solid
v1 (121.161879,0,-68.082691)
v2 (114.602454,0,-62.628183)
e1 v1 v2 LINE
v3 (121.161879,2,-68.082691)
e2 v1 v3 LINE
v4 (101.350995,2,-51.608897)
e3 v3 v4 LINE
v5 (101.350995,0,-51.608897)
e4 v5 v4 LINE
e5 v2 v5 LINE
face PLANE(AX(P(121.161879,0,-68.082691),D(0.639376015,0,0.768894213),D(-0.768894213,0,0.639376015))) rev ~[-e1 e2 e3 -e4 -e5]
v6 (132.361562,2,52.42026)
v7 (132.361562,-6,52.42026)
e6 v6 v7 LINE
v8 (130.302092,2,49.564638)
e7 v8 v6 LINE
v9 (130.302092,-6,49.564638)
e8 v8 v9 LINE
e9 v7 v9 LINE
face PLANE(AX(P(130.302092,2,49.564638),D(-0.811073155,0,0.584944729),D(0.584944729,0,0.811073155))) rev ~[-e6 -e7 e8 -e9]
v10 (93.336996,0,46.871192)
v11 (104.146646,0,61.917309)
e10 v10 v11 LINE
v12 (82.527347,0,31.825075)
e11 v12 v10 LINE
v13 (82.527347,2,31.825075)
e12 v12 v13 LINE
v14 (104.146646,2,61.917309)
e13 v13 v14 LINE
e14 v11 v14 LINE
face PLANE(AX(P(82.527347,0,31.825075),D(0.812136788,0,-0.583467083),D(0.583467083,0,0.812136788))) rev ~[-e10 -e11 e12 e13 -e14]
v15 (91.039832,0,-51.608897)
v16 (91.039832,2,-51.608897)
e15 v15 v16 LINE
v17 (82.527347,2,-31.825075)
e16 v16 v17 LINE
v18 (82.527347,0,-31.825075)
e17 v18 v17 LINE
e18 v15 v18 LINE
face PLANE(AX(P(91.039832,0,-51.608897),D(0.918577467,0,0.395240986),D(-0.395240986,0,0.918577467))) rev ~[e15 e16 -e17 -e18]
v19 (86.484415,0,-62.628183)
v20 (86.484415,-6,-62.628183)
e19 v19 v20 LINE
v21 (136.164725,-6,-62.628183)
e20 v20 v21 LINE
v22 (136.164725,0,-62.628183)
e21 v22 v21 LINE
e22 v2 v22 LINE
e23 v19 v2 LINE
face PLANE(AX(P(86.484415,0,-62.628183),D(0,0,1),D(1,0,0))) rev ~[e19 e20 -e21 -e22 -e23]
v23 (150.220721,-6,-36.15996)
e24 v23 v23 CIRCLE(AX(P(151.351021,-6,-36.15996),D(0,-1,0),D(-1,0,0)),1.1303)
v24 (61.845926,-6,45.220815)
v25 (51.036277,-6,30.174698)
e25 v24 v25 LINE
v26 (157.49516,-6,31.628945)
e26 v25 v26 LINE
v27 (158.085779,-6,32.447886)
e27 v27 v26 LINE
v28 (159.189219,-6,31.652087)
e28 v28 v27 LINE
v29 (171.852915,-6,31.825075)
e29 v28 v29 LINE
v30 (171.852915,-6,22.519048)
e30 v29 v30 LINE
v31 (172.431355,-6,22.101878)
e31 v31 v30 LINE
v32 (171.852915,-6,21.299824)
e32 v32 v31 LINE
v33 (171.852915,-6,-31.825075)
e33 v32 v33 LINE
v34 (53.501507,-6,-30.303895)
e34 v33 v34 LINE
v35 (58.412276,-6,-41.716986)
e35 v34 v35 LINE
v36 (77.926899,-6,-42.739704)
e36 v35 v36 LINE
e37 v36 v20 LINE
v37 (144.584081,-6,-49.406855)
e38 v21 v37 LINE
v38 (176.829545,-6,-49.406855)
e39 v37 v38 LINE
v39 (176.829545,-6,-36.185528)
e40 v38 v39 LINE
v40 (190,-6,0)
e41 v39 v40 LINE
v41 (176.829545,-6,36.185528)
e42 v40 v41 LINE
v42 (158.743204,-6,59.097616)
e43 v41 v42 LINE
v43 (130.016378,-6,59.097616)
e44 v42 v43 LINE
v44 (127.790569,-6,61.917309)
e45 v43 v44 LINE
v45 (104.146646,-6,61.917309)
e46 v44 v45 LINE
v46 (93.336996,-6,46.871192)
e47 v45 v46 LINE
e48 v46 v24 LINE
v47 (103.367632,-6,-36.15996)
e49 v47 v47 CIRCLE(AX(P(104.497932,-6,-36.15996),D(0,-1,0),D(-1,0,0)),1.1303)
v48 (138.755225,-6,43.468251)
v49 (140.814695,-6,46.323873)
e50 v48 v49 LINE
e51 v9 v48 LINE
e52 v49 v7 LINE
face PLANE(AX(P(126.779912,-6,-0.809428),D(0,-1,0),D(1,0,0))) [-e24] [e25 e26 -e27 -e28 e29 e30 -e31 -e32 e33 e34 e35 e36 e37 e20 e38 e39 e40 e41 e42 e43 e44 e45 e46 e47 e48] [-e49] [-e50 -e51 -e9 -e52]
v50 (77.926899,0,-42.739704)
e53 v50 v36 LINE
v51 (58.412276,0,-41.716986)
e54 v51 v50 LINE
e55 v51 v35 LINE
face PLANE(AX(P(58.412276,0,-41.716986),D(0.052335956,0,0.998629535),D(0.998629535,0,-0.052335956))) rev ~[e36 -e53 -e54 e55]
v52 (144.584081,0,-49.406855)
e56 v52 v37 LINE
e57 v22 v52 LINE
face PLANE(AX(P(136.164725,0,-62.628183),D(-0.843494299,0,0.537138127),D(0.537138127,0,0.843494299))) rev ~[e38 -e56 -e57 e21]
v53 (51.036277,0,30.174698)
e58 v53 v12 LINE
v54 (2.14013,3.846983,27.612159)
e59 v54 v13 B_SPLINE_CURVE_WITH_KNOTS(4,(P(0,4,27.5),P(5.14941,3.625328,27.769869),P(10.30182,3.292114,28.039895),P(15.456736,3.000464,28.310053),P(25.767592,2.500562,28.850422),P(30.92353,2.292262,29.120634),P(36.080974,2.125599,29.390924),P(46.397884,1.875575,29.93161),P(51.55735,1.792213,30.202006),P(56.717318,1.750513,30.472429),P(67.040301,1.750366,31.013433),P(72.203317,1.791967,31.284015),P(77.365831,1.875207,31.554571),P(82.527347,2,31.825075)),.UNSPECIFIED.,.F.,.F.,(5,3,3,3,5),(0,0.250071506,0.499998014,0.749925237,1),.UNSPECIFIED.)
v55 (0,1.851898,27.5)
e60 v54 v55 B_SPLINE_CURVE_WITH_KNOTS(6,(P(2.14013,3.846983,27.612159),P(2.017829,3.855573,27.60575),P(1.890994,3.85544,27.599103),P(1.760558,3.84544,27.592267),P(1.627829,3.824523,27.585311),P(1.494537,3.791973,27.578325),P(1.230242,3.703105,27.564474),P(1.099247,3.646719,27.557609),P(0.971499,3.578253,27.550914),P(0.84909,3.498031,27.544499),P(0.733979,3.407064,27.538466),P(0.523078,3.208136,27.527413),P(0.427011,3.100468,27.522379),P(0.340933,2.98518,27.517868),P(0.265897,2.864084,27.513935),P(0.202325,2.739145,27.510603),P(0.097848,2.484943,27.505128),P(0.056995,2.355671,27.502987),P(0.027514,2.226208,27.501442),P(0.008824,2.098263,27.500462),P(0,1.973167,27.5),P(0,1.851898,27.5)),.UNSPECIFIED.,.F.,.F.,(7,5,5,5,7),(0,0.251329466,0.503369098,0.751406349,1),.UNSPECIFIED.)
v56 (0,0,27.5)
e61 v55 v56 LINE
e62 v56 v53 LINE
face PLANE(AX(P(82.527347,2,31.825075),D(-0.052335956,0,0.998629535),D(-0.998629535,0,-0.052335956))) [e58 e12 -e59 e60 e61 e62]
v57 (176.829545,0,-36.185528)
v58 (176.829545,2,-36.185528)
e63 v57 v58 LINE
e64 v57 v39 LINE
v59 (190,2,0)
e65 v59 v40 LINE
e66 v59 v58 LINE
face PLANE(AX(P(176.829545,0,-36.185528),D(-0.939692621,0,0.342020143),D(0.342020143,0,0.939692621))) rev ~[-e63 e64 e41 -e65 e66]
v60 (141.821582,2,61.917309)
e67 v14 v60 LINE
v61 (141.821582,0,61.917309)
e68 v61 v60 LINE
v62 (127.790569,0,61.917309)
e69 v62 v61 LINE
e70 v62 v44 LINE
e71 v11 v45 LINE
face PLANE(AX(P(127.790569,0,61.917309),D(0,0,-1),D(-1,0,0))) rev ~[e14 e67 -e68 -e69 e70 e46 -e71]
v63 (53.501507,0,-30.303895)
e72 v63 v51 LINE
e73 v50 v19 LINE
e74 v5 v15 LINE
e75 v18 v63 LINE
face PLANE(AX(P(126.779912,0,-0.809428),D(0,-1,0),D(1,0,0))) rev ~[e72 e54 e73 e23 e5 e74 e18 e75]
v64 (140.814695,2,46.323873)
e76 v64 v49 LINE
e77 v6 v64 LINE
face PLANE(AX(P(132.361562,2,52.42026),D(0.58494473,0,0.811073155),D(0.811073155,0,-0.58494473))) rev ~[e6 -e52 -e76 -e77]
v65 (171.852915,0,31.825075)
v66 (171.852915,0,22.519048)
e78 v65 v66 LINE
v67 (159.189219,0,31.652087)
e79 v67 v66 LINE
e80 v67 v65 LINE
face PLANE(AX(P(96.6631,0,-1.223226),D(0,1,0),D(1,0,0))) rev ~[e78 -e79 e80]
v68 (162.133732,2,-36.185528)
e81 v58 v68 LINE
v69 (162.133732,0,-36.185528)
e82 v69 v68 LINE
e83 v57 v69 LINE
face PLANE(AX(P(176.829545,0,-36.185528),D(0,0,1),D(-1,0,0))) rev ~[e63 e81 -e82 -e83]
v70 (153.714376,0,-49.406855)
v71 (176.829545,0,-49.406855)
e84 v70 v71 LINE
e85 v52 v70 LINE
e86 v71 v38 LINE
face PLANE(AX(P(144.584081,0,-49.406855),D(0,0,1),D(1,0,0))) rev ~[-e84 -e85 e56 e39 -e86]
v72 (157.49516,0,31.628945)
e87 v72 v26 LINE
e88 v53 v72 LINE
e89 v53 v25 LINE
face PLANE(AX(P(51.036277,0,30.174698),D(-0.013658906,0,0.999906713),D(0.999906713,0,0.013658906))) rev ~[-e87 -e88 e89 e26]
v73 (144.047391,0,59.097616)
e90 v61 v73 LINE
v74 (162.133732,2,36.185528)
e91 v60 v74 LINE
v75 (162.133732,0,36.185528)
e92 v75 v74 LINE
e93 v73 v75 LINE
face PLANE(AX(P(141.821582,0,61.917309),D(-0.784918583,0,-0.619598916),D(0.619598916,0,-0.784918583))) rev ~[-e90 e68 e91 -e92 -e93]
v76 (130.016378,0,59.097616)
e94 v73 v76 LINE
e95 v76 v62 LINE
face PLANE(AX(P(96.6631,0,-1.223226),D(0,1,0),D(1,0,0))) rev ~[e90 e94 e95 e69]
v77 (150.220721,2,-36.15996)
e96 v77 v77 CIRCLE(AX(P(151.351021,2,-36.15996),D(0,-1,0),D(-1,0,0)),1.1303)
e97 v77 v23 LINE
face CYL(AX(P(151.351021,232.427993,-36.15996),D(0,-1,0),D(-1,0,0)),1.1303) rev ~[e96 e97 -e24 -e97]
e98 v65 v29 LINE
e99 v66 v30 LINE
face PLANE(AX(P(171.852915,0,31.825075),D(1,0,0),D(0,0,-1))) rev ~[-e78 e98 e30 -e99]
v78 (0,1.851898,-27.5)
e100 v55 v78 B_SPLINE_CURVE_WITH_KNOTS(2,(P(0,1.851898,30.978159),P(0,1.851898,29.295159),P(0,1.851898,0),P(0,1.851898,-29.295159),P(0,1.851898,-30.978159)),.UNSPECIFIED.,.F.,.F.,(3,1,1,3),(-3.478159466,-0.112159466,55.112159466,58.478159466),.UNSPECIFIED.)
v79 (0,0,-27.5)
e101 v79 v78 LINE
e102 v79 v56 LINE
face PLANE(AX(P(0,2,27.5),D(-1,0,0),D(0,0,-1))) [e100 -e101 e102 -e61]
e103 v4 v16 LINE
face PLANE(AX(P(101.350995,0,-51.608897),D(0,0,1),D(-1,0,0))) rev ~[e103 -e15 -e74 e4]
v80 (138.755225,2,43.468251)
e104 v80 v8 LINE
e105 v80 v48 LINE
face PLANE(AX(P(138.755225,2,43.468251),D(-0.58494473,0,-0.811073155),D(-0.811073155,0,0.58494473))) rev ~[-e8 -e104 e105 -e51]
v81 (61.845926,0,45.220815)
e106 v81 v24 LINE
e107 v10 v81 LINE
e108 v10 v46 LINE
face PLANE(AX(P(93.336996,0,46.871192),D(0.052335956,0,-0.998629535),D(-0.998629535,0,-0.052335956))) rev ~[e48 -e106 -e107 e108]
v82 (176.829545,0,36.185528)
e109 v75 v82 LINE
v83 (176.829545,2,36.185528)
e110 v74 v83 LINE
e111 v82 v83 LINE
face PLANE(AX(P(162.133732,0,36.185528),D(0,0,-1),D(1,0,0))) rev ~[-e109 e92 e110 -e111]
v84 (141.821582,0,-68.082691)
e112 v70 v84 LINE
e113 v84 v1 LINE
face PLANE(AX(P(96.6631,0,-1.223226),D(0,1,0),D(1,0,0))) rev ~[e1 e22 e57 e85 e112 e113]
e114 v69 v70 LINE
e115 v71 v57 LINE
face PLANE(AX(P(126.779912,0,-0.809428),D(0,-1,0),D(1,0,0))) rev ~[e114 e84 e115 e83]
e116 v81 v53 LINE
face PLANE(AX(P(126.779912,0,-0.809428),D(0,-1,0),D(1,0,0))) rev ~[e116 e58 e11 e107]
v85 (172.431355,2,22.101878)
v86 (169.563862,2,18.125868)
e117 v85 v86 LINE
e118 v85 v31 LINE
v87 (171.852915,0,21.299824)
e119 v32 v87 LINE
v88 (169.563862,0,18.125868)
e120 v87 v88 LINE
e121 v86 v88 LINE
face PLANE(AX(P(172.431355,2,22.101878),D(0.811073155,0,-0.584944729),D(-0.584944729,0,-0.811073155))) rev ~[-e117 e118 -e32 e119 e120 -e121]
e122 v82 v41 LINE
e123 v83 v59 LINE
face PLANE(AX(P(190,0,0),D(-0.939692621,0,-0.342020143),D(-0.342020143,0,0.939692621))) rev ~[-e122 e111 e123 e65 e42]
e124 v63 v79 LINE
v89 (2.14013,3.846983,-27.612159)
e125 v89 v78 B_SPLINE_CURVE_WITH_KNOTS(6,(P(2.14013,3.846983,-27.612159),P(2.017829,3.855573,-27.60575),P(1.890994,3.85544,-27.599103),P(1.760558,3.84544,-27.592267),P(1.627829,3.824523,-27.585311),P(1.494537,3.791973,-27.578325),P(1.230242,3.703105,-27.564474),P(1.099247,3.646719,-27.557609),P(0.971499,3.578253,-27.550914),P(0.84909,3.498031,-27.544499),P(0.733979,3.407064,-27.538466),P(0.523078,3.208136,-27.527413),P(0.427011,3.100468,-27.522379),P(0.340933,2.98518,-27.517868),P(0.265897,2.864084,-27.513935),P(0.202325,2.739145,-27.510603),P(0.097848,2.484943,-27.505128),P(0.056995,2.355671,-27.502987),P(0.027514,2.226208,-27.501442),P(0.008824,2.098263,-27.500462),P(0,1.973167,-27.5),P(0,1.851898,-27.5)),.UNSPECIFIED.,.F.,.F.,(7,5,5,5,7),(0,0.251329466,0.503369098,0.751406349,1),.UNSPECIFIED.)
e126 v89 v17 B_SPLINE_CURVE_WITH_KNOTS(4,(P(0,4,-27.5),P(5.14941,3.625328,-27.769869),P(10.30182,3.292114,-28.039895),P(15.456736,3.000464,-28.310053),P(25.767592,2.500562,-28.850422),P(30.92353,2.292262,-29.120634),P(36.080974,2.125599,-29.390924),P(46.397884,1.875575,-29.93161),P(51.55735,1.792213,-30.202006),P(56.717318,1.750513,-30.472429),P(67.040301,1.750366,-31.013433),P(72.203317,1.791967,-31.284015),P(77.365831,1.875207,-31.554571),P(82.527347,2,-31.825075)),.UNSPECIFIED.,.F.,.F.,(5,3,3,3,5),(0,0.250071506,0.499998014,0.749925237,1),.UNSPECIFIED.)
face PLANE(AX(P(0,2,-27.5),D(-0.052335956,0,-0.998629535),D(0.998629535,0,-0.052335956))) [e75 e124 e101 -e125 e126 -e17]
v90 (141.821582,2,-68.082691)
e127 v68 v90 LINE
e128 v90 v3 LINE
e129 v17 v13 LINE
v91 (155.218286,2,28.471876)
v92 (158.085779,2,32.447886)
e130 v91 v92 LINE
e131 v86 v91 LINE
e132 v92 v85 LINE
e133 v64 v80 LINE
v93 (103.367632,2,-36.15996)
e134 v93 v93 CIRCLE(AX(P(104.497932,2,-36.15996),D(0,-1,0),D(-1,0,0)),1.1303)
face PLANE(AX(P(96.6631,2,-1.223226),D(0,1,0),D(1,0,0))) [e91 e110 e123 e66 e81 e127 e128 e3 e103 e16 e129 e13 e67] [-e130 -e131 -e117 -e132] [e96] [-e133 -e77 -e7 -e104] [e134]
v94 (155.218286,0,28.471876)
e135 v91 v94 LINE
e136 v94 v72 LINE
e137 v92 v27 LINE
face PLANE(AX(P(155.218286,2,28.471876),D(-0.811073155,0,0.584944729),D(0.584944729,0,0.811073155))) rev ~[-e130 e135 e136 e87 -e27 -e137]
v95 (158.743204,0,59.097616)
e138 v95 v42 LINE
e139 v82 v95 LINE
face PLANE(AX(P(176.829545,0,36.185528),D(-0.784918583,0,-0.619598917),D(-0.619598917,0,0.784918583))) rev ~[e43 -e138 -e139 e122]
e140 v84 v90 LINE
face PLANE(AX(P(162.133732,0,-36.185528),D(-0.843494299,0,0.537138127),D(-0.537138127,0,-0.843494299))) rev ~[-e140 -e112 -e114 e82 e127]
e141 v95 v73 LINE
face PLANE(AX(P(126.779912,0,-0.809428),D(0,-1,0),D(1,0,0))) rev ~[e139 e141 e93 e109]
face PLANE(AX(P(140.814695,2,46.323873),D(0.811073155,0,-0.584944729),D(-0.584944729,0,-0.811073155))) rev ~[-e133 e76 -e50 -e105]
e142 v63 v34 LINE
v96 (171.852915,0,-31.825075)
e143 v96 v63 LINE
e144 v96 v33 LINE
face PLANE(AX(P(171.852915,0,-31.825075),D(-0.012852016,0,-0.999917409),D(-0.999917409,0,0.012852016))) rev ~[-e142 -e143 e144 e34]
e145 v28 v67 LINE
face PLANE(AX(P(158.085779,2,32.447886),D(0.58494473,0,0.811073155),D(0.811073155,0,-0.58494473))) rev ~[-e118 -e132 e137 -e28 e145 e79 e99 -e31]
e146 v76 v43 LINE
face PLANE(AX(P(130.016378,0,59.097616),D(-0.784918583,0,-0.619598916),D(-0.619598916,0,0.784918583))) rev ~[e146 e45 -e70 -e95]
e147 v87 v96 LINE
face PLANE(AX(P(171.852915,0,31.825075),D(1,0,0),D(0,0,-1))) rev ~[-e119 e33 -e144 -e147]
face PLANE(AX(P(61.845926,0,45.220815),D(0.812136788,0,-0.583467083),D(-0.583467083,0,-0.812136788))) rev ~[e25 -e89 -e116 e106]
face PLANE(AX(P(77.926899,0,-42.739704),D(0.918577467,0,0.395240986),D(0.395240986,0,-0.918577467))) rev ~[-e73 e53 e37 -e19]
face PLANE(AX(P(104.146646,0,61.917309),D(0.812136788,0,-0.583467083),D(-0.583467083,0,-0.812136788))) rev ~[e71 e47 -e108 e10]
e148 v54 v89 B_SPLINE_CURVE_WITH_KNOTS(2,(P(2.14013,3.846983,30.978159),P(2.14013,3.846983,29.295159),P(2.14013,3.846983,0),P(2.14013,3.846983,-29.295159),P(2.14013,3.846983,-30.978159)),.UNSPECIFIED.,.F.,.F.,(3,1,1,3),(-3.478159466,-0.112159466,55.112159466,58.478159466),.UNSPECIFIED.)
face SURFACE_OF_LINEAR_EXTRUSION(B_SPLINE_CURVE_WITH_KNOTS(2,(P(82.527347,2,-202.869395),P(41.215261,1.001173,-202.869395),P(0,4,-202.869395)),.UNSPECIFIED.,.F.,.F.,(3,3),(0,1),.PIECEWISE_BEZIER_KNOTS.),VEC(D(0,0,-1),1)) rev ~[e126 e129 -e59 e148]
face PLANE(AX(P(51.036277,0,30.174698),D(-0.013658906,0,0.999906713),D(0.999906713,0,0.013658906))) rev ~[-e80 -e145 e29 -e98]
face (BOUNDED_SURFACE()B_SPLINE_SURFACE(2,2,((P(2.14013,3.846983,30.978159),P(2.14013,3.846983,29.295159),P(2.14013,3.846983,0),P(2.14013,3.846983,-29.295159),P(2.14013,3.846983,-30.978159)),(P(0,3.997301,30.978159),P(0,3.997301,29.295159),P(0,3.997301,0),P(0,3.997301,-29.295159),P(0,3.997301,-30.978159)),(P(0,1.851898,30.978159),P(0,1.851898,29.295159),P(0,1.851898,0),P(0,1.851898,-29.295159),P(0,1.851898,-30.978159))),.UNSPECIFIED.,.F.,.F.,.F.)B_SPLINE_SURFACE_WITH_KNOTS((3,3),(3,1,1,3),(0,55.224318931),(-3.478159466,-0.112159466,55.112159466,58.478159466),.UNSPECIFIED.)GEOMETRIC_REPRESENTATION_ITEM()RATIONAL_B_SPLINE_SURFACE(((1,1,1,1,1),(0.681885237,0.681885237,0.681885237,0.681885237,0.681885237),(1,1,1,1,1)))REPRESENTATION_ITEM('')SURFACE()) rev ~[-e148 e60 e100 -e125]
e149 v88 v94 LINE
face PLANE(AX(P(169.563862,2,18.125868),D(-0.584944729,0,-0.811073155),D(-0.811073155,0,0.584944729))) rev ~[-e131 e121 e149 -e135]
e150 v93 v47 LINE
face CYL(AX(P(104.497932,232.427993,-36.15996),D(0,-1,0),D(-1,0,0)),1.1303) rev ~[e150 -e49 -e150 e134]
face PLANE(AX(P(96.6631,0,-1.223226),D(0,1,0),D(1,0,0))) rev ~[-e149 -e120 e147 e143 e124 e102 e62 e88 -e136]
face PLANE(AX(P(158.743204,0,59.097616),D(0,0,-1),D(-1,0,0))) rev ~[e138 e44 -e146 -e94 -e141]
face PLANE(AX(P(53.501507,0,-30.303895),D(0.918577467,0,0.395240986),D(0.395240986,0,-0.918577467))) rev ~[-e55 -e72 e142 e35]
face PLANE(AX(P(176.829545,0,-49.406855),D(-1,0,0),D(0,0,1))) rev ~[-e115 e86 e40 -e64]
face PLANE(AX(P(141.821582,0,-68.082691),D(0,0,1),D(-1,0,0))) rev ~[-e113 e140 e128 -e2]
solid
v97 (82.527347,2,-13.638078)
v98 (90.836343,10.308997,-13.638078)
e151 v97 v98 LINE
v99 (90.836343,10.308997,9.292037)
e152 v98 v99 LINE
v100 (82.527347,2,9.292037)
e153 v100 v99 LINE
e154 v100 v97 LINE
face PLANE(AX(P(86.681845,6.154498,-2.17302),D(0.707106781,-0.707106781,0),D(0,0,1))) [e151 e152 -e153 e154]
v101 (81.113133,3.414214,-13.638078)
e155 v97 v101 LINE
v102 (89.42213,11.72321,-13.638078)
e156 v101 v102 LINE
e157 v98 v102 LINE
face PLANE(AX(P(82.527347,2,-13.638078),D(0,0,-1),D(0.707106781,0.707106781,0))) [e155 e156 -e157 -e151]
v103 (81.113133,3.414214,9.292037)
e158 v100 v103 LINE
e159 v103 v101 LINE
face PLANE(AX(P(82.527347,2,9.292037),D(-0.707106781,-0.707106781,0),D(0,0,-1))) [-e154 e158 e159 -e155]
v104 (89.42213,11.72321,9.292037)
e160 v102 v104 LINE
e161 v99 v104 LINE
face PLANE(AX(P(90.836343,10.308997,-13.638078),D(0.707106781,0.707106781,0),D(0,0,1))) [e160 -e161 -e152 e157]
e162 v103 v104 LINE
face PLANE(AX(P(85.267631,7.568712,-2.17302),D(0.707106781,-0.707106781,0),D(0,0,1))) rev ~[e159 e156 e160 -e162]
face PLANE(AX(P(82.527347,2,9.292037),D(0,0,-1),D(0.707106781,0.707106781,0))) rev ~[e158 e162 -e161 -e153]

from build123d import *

# Parameters (mm, degrees)
EXTRUDE_1_DEPTH          = 2
EXTRUDE_2_DEPTH          = 2
CUT_EXTRUDE_3_DEPTH      = 202.869395429
CUT_EXTRUDE_3_DEPTH_BACK = 202.869395429
FILLET_1_R               = 2
EXTRUDE_4_DEPTH          = 6
HOLE_WIZARD_4_40_2_D     = 2.2606
CUT_EXTRUDE_7_DEPTH      = 202.98824919
EXTRUDE_5_DEPTH          = 2


with BuildPart() as part:
    # 草图2 → 凸台-拉伸1 (new body)
    with BuildSketch(Plane(origin=(0, 0, 0), x_dir=(1, 0, 0), z_dir=(0, 1, 0))):
        Polygon((141.821582241, 68.082690978), (121.161879345, 68.082690978), (101.35099463, 51.608897425), (91.039832206, 51.608897425), (82.527346571, 31.825074964), (0, 27.5), (0, -27.5), (82.527346571, -31.825074964), (104.14664553, -61.917309022), (141.821582241, -61.917309022), (162.133732132, -36.18552755), (176.829545061, -36.18552755), (190, 0), (176.829545061, 36.18552755), (162.133732132, 36.18552755), align=None)
    extrude(amount=EXTRUDE_1_DEPTH)

    # 草图6 → 凸台-拉伸2 (add)
    with BuildSketch(Plane(origin=(0, 2, 0), x_dir=(1, 0, 0), z_dir=(0, 1, 0))):
        Polygon((82.527346571, 31.825074964), (82.527346571, -31.825074964), (0, -27.5), (0, 27.5), align=None)
    extrude(amount=EXTRUDE_2_DEPTH)

    # 草图7 → 切除-拉伸3 (cut, two sides: drawn at the far end of the back side and taken through both)
    with BuildSketch(Plane.XY.offset(-CUT_EXTRUDE_3_DEPTH_BACK)):
        with BuildLine():
            Line((82.527346571, 2), (82.527346571, 30.740821148))
            Line((82.527346571, 30.740821148), (0, 4))
            add(Edge.make_bspline(
                [(82.527346571, 2), (41.215261335, 1.001172546), (0, 4)],
                knots=[0, 0, 0, 1, 1, 1], degree=2))
        make_face()
    extrude(amount=CUT_EXTRUDE_3_DEPTH + CUT_EXTRUDE_3_DEPTH_BACK, mode=Mode.SUBTRACT)

    # 圆角1
    fillet_1_edges = [part.edges().sort_by_distance(p)[0] for p in [
        (0, 4, 13.75),
    ]]
    fillet(fillet_1_edges, radius=FILLET_1_R)

    # 草图13 → 凸台-拉伸4 (add)
    with BuildSketch(Plane.XZ):
        Polygon((53.501507434, -30.303895193), (58.412275987, -41.716986195), (77.926898746, -42.739704237), (86.484415452, -62.62818317), (136.164724768, -62.62818317), (144.584081331, -49.40685536), (176.829545061, -49.40685536), (176.829545061, -36.18552755), (190, 0), (176.829545061, 36.18552755), (158.743204348, 59.097615602), (130.016377906, 59.097615602), (127.790568727, 61.917309022), (104.14664553, 61.917309022), (93.336996051, 46.871191993), (61.845926158, 45.220814953), (51.036276678, 30.174697924), (171.852914921, 31.825074964), (171.852914921, -31.825074964), align=None)
    extrude(amount=EXTRUDE_4_DEPTH)

    # #4-40 螺纹孔2 (through all)
    with Locations(Plane(origin=(0, 2, 0), x_dir=(1, 0, 0), z_dir=(0, 1, 0))):
        with Locations((151.351021218, 36.159959894), (104.497931561, 36.159959894)):
            Hole(HOLE_WIZARD_4_40_2_D / 2)

    # 草图18 → 切除-拉伸7 (cut, through all)
    with BuildSketch(Plane(origin=(0, 2, 0), x_dir=(1, 0, 0), z_dir=(0, 1, 0))):
        Polygon((169.563862496, -18.125868021), (155.218286362, -28.471875769), (158.085778721, -32.447885738), (172.431354854, -22.101877989), align=None)
        Polygon((130.302091903, -49.564637909), (132.361562224, -52.420260001), (140.814695434, -46.323873151), (138.755225113, -43.468251059), align=None)
    extrude(amount=-CUT_EXTRUDE_7_DEPTH, mode=Mode.SUBTRACT)


with BuildPart() as body_2:
    # 草图23 → 凸台-拉伸5 (new body)
    with BuildSketch(Plane(origin=(40.263673286, -40.263673286, 0), x_dir=(0, 0, -1), z_dir=(-0.7071067811865488, 0.7071067811865464, 0))):
        Polygon((-9.292036768, -59.769859956), (13.638077716, -59.769859956), (13.638077716, -71.520555916), (-9.292036768, -71.520555916), (-9.292036768, -60.809778756), align=None)
    extrude(amount=EXTRUDE_5_DEPTH)


solid = Compound([part.part, body_2.part])
